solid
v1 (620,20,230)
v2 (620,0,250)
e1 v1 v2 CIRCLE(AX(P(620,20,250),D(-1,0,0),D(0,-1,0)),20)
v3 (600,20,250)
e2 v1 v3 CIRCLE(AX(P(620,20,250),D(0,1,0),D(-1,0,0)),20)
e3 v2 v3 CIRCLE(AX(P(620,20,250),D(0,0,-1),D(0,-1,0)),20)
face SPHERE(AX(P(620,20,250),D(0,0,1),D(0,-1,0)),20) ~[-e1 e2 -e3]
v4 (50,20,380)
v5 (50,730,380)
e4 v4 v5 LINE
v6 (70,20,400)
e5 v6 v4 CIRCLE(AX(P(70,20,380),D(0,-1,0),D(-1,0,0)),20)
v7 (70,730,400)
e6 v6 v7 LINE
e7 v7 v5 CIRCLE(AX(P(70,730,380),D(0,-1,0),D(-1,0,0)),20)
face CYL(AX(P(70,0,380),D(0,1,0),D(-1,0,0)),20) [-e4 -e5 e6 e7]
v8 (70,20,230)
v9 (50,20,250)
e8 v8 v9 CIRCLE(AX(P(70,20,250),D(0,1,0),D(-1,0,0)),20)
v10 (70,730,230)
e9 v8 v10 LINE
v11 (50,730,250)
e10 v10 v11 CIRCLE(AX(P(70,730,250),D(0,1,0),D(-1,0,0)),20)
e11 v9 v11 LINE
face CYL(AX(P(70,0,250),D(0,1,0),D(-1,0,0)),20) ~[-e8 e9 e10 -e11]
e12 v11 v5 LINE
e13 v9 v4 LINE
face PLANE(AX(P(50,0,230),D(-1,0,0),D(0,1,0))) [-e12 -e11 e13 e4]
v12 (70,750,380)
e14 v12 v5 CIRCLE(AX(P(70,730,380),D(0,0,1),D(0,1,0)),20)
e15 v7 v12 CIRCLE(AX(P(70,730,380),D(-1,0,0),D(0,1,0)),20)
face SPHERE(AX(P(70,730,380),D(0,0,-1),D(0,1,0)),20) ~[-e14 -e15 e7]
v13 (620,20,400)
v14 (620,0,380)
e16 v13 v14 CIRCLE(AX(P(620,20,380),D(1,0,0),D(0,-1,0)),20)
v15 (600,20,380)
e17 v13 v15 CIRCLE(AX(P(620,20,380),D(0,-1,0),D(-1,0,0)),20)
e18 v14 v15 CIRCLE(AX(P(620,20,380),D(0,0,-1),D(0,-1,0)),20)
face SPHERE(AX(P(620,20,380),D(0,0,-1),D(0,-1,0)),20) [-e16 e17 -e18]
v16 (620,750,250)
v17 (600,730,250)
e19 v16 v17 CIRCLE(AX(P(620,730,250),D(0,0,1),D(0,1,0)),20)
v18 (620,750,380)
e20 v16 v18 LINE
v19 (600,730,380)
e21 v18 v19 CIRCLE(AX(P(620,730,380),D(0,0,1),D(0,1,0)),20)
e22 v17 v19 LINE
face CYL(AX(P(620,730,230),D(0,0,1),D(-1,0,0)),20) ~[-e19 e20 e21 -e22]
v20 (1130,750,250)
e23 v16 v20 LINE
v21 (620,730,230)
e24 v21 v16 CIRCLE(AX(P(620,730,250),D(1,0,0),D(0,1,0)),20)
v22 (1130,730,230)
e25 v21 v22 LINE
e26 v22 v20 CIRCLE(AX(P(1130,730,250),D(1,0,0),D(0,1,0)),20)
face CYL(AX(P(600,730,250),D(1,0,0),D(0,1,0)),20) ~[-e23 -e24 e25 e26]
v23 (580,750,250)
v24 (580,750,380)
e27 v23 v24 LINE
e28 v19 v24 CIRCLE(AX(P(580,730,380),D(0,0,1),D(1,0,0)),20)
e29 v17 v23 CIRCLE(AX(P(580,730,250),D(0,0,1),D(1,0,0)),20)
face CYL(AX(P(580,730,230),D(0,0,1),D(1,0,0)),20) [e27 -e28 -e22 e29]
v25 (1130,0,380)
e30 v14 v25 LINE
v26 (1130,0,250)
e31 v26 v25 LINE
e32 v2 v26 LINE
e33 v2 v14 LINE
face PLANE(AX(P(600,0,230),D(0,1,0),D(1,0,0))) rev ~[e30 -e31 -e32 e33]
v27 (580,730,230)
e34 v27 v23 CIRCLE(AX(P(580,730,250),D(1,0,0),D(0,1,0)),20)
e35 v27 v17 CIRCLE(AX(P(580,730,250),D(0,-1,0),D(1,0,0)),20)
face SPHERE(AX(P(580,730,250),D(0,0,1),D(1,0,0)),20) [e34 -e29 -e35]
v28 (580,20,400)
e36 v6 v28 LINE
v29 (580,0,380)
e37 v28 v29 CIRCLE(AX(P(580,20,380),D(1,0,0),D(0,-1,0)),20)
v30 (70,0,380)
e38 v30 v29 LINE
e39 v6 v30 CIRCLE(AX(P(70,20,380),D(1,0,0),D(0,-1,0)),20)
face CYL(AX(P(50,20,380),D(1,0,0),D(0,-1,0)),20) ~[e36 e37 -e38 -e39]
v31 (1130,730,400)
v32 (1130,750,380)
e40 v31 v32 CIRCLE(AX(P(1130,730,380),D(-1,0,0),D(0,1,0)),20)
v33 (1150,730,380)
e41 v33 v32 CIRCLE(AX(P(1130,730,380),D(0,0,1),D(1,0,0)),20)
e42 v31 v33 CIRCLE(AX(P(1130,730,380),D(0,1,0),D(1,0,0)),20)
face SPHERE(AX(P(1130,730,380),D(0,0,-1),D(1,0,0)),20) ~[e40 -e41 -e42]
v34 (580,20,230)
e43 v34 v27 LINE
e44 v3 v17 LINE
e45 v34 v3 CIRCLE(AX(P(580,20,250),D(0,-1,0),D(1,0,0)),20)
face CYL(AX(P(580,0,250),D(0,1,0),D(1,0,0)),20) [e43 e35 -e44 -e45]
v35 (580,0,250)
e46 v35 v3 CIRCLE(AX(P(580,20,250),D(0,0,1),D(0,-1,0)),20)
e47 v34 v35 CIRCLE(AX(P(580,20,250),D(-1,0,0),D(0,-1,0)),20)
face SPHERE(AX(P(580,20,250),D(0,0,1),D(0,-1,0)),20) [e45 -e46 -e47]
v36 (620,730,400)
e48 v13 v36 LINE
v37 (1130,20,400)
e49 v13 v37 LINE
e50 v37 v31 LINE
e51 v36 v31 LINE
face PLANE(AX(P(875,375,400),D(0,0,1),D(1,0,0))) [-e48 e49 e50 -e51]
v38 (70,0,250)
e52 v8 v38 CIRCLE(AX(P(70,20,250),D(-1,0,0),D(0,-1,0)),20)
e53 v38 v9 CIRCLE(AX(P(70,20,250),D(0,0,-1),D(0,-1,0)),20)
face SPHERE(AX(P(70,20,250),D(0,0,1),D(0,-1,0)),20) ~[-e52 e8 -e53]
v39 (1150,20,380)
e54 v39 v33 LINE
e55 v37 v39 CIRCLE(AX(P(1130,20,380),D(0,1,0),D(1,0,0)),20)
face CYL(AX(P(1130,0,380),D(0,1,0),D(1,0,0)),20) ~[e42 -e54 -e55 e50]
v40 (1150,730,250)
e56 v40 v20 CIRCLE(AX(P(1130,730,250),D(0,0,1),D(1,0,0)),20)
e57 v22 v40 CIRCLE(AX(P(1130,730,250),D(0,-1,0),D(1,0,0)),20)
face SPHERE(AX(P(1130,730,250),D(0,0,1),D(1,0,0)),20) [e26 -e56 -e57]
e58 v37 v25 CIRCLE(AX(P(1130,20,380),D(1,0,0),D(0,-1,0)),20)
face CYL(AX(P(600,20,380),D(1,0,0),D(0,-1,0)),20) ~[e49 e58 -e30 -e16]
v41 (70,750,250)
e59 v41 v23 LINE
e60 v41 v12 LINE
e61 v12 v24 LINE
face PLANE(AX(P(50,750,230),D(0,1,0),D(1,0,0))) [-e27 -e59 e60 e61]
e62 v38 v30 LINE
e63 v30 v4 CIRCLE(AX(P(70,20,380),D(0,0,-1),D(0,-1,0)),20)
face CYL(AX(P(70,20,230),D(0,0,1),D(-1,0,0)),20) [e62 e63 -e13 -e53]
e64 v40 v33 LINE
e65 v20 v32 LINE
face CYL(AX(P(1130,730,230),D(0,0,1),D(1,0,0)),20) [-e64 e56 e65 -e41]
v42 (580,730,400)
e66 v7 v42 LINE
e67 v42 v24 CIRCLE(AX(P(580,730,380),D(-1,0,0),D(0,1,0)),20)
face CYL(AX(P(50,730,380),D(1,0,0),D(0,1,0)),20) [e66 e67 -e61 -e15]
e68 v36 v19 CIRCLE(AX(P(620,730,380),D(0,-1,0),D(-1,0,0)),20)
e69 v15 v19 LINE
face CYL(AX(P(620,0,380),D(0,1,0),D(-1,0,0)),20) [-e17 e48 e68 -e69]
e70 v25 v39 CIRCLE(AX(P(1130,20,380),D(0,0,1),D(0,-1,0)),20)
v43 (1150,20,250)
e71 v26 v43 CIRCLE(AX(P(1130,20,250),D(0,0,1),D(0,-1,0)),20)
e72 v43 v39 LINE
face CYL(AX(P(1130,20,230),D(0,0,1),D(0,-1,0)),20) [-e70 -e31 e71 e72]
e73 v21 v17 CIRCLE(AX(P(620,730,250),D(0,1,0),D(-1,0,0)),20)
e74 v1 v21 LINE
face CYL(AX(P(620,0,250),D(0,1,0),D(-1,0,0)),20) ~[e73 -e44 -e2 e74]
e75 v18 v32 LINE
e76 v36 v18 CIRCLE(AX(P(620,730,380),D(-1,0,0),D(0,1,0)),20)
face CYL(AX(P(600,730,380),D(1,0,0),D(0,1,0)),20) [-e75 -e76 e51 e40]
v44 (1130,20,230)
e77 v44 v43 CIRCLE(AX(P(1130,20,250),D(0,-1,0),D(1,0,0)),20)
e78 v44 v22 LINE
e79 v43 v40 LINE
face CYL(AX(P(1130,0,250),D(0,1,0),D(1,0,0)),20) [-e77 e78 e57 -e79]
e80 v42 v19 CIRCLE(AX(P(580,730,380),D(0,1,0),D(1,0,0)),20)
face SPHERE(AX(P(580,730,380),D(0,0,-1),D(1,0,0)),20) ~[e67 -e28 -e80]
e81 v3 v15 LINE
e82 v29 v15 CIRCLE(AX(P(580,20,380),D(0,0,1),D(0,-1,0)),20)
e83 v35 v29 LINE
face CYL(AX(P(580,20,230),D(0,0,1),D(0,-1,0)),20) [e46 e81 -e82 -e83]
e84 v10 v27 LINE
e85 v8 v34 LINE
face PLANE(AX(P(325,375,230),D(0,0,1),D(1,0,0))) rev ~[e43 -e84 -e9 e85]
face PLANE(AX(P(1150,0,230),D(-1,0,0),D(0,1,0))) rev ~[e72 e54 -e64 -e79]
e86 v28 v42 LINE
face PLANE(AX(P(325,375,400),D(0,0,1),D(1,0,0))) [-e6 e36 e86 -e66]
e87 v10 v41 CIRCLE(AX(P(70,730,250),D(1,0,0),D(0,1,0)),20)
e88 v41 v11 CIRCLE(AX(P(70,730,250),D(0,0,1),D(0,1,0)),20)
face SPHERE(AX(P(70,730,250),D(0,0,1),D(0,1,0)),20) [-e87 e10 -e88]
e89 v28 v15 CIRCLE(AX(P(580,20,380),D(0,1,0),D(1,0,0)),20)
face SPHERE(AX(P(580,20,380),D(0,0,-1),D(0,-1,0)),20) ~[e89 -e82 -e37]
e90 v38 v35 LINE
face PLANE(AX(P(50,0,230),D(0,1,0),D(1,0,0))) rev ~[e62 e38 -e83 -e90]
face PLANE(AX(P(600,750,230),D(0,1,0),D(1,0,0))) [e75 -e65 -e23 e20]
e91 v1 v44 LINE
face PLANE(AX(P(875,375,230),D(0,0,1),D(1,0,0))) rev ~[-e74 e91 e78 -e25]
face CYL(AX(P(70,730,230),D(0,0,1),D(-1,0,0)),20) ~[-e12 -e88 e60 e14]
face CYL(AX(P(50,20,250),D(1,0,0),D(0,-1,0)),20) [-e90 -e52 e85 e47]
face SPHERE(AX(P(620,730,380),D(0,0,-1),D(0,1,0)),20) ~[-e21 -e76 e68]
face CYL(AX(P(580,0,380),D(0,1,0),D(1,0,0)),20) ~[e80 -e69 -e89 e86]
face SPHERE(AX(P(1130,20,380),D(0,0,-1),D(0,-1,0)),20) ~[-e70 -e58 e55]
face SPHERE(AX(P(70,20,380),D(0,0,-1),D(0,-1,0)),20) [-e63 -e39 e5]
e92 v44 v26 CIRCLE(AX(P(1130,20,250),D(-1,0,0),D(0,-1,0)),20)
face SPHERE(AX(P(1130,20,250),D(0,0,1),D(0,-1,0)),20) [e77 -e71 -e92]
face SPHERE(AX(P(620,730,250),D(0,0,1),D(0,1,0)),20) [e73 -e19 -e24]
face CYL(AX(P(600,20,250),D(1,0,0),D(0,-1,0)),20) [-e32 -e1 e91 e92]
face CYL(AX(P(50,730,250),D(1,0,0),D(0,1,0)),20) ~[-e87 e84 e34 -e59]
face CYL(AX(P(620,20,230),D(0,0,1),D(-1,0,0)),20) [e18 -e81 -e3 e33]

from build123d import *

# Parameters (mm, degrees)
SKETCH004_W      = 550
SKETCH004_H      = 750
EXTRUDE005_DEPTH = 170
FILLET_R         = 20
ARRAY002_X_COUNT = 2
ARRAY002_X_PITCH = 550


with BuildPart() as part:
    # Sketch004 → Extrude005 (new body)
    with BuildSketch(Plane.XY):
        with Locations((275, 375)):
            Rectangle(SKETCH004_W, SKETCH004_H)
    extrude(amount=EXTRUDE005_DEPTH)

    # Fillet
    fillet_edges = [part.edges().sort_by_distance(p)[0] for p in [
        (0, 0, 85),
        (550, 0, 85),
        (275, 0, 0),
        (275, 0, 170),
        (550, 750, 85),
        (550, 375, 0),
        (550, 375, 170),
        (0, 750, 85),
        (275, 750, 0),
        (275, 750, 170),
        (0, 375, 0),
        (0, 375, 170),
    ]]
    fillet(fillet_edges, radius=FILLET_R)

    # Array002 X: part ×2


with BuildPart() as part_1:
    add(part.part)
    with Locations(*[(i * ARRAY002_X_PITCH, 0, 0) for i in range(1, ARRAY002_X_COUNT)]):
        add(part.part)


with BuildPart() as part_2:
    # Array002 placement: moved
    add(part_1.part.moved(Location((50, 0, 230))))


solid = part_2.part
